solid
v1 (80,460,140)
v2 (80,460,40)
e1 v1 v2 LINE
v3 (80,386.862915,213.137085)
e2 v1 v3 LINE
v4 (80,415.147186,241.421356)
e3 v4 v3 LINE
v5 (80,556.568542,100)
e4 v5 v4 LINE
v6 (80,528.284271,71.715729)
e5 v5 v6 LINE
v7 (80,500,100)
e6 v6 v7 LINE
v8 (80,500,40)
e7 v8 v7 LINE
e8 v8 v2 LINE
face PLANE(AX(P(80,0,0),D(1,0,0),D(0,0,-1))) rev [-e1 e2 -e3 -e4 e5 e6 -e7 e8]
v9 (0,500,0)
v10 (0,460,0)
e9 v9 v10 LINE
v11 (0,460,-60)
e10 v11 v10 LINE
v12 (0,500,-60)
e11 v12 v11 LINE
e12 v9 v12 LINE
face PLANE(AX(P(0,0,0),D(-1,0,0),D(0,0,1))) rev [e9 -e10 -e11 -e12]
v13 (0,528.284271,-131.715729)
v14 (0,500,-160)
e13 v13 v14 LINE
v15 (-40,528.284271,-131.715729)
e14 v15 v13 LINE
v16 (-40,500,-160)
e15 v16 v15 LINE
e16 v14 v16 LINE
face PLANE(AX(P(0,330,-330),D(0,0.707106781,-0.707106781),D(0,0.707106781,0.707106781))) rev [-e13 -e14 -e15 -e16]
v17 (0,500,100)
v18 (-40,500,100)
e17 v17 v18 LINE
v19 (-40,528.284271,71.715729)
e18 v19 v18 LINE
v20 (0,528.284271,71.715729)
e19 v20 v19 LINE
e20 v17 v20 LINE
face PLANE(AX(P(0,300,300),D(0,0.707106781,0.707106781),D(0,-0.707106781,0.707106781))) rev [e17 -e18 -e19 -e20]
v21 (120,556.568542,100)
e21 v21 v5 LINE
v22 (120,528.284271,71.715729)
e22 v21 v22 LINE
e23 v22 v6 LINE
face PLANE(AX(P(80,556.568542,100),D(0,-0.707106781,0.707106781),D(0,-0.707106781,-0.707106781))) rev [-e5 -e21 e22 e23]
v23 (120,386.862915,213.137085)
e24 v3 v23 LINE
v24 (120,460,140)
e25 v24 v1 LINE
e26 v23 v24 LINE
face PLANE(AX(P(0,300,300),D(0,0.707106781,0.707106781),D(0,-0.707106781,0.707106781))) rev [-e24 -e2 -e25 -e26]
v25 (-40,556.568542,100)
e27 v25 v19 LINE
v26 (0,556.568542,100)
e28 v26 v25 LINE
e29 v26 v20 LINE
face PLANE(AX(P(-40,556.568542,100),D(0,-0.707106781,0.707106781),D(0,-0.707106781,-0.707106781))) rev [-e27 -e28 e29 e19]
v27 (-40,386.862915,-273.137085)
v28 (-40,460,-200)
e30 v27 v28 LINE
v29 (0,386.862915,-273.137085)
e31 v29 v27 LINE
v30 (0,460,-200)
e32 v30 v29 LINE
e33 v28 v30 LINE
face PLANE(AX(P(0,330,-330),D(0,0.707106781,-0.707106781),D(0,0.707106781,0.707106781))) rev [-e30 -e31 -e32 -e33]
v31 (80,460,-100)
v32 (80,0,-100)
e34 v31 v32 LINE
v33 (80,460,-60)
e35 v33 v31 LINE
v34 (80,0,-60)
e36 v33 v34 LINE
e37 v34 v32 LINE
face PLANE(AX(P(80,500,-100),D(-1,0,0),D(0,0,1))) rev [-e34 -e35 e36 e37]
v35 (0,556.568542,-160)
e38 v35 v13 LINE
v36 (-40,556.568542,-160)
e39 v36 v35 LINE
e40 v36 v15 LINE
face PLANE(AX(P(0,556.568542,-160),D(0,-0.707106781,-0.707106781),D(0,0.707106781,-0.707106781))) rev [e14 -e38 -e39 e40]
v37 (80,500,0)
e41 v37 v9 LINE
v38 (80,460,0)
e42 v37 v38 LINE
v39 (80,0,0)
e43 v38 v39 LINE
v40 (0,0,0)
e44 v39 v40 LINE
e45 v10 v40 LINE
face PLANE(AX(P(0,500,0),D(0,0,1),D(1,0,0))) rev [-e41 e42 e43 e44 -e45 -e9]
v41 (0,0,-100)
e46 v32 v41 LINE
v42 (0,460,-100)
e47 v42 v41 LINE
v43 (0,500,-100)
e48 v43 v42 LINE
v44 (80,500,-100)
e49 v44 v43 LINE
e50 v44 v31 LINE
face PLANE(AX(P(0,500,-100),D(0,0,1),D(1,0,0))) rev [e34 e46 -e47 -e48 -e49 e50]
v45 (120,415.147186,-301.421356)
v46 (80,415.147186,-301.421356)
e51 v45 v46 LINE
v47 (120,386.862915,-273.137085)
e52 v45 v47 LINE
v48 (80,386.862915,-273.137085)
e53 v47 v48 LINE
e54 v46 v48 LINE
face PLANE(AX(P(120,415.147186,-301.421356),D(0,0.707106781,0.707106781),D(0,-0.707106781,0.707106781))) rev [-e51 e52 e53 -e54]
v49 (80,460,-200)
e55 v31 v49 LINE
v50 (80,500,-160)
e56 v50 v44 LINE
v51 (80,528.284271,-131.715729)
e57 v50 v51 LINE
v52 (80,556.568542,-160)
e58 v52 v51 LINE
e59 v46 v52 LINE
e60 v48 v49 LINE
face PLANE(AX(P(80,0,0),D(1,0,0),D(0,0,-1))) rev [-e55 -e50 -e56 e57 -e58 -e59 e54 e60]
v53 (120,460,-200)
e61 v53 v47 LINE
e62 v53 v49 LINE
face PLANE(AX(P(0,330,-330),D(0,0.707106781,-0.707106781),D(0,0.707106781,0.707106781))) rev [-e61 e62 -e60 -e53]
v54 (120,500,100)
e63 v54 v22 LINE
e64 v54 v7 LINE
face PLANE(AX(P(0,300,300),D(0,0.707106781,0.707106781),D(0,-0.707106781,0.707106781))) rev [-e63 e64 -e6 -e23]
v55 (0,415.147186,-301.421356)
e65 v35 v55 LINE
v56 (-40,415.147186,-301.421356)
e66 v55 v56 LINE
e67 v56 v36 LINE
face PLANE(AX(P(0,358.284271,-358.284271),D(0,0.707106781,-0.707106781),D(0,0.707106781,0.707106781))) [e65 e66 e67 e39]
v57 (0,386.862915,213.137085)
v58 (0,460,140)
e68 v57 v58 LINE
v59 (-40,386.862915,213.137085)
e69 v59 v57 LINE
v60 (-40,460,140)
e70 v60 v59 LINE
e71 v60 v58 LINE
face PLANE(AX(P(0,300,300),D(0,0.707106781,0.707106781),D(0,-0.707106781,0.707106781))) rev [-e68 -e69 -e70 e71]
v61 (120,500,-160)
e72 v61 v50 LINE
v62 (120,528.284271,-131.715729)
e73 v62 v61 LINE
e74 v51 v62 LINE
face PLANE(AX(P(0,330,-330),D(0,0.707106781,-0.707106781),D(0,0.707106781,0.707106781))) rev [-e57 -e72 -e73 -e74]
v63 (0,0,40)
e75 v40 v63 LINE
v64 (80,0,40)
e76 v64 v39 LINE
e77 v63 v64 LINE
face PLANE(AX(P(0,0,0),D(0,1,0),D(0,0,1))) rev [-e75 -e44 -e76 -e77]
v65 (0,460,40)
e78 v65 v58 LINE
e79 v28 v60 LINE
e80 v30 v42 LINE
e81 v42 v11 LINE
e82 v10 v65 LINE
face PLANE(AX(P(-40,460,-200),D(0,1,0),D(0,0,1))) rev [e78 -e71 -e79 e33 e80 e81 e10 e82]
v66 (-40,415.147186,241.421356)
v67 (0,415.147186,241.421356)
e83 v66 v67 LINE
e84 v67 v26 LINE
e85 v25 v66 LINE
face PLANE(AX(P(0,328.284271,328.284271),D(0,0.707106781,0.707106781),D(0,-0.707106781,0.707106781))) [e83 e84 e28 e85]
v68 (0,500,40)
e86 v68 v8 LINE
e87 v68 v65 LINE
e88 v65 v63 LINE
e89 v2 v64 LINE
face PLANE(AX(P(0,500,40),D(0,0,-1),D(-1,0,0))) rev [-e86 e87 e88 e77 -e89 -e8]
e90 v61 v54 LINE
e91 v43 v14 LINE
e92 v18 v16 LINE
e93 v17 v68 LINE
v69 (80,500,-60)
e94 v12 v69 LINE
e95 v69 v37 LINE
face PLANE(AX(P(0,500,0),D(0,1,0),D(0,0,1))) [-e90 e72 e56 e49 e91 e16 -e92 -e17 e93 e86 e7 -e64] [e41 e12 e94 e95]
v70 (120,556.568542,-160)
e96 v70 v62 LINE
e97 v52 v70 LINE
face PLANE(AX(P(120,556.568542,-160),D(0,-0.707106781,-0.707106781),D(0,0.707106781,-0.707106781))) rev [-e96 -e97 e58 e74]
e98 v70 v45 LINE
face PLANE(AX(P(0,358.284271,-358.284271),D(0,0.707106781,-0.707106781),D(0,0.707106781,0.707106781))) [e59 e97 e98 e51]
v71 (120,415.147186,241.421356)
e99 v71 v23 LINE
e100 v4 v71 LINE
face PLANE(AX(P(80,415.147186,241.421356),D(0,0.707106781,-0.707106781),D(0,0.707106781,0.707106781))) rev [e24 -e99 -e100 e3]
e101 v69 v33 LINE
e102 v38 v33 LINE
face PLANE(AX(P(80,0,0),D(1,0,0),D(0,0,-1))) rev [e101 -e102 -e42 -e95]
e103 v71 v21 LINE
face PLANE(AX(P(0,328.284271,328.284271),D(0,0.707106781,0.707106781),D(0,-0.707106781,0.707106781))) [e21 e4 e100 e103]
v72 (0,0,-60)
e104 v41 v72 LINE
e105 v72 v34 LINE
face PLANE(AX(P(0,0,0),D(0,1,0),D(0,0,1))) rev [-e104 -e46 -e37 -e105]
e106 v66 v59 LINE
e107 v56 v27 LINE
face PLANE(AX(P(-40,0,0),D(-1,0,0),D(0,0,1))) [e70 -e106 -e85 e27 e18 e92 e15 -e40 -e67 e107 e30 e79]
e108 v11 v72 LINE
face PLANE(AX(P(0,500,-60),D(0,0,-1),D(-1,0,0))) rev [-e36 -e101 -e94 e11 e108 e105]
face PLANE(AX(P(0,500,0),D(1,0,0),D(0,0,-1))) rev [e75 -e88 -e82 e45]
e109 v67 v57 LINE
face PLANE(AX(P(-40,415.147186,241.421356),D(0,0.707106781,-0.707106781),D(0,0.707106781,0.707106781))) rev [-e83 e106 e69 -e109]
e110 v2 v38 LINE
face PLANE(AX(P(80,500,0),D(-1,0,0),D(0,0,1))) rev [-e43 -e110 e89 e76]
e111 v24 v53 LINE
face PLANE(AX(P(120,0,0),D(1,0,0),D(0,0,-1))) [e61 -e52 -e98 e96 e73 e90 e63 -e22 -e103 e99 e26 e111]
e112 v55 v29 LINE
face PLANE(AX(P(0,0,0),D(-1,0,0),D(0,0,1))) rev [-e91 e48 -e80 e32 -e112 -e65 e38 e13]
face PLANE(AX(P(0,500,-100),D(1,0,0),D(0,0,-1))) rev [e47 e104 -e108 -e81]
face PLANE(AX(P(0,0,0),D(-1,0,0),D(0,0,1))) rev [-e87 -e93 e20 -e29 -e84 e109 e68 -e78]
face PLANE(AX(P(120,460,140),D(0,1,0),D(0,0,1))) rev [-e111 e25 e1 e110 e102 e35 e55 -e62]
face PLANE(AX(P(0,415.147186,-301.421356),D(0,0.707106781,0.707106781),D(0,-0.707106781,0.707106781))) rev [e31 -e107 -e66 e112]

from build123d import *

# Parameters (mm, degrees)
SKETCH_1_W               = 80
SKETCH_1_H               = 40
EXTRUDE_1_DEPTH          = 500
EXTRUDE_1_2_DEPTH        = 500
SKETCH_2_W               = 340
SKETCH_2_H               = 40
EXTRUDE_2_DEPTH          = 40
SKETCH_3_W               = 340
SKETCH_3_H               = 40
EXTRUDE_3_DEPTH          = 40
CUT_EXTRUDE_1_DEPTH      = 1
CUT_EXTRUDE_1_DEPTH_BACK = 161
SKETCH_5_W               = 40
SKETCH_5_H               = 200
EXTRUDE_4_DEPTH          = 40
SKETCH_6_W               = 40
SKETCH_6_H               = 200
EXTRUDE_5_DEPTH          = 40


with BuildPart() as part:
    # 草图1 → 凸台-拉伸1 (new body)
    with BuildSketch(Plane(origin=(0, 0, 0), x_dir=(1, 0, 0), z_dir=(0, 1, 0))):
        with Locations((40, -20)):
            Rectangle(SKETCH_1_W, SKETCH_1_H)
    extrude(amount=EXTRUDE_1_DEPTH)



with BuildPart() as body_2:
    # 草图1 → Extrude 1 2 (new body)
    with BuildSketch(Plane(origin=(0, 0, 0), x_dir=(1, 0, 0), z_dir=(0, 1, 0))):
        with Locations((40, 80)):
            Rectangle(SKETCH_1_W, SKETCH_1_H)
    extrude(amount=EXTRUDE_1_2_DEPTH)


with BuildPart() as part_1:
    add(part.part)

    add(body_2.part)  # 凸台-拉伸2 merges body 2
    # 草图2 → 凸台-拉伸2 (add)
    with BuildSketch(Plane(origin=(80, 0, 0), x_dir=(0, 0, -1), z_dir=(1, 0, 0))):
        with Locations((30, 480)):
            Rectangle(SKETCH_2_W, SKETCH_2_H)
    extrude(amount=EXTRUDE_2_DEPTH)

    # 草图3 → 凸台-拉伸3 (add)
    with BuildSketch(Plane.ZY):
        with Locations((-30, 480)):
            Rectangle(SKETCH_3_W, SKETCH_3_H)
    extrude(amount=EXTRUDE_3_DEPTH)

    # 草图4 → 切除-拉伸1 (cut, two sides)
    with BuildSketch(Plane.ZY.offset(40)) as cut_extrude_1_sk:
        Polygon((140, 460), (100, 500), (140, 500), align=None)
        Polygon((-200, 460), (-160, 500), (-200, 500), align=None)
    extrude(amount=CUT_EXTRUDE_1_DEPTH, mode=Mode.SUBTRACT)
    extrude(cut_extrude_1_sk.sketch, amount=-CUT_EXTRUDE_1_DEPTH_BACK, mode=Mode.SUBTRACT)

    # 草图5 → 凸台-拉伸4 (add)
    with BuildSketch(Plane(origin=(0, 300, 300), x_dir=(1, 0, 0), z_dir=(0, 0.707106781, 0.707106781))):
        with Locations((-20, 222.842712475)):
            Rectangle(SKETCH_5_W, SKETCH_5_H)
        with Locations((100, 222.842712475)):
            Rectangle(SKETCH_5_W, SKETCH_5_H)
    extrude(amount=EXTRUDE_4_DEPTH)

    # 草图6 → 凸台-拉伸5 (add)
    with BuildSketch(Plane(origin=(0, 330, -330), x_dir=(1, 0, 0), z_dir=(0, 0.707106781, -0.707106781))):
        with Locations((100, -180.416305603)):
            Rectangle(SKETCH_6_W, SKETCH_6_H)
        with Locations((-20, -180.416305603)):
            Rectangle(SKETCH_6_W, SKETCH_6_H)
    extrude(amount=EXTRUDE_5_DEPTH)


solid = part_1.part
